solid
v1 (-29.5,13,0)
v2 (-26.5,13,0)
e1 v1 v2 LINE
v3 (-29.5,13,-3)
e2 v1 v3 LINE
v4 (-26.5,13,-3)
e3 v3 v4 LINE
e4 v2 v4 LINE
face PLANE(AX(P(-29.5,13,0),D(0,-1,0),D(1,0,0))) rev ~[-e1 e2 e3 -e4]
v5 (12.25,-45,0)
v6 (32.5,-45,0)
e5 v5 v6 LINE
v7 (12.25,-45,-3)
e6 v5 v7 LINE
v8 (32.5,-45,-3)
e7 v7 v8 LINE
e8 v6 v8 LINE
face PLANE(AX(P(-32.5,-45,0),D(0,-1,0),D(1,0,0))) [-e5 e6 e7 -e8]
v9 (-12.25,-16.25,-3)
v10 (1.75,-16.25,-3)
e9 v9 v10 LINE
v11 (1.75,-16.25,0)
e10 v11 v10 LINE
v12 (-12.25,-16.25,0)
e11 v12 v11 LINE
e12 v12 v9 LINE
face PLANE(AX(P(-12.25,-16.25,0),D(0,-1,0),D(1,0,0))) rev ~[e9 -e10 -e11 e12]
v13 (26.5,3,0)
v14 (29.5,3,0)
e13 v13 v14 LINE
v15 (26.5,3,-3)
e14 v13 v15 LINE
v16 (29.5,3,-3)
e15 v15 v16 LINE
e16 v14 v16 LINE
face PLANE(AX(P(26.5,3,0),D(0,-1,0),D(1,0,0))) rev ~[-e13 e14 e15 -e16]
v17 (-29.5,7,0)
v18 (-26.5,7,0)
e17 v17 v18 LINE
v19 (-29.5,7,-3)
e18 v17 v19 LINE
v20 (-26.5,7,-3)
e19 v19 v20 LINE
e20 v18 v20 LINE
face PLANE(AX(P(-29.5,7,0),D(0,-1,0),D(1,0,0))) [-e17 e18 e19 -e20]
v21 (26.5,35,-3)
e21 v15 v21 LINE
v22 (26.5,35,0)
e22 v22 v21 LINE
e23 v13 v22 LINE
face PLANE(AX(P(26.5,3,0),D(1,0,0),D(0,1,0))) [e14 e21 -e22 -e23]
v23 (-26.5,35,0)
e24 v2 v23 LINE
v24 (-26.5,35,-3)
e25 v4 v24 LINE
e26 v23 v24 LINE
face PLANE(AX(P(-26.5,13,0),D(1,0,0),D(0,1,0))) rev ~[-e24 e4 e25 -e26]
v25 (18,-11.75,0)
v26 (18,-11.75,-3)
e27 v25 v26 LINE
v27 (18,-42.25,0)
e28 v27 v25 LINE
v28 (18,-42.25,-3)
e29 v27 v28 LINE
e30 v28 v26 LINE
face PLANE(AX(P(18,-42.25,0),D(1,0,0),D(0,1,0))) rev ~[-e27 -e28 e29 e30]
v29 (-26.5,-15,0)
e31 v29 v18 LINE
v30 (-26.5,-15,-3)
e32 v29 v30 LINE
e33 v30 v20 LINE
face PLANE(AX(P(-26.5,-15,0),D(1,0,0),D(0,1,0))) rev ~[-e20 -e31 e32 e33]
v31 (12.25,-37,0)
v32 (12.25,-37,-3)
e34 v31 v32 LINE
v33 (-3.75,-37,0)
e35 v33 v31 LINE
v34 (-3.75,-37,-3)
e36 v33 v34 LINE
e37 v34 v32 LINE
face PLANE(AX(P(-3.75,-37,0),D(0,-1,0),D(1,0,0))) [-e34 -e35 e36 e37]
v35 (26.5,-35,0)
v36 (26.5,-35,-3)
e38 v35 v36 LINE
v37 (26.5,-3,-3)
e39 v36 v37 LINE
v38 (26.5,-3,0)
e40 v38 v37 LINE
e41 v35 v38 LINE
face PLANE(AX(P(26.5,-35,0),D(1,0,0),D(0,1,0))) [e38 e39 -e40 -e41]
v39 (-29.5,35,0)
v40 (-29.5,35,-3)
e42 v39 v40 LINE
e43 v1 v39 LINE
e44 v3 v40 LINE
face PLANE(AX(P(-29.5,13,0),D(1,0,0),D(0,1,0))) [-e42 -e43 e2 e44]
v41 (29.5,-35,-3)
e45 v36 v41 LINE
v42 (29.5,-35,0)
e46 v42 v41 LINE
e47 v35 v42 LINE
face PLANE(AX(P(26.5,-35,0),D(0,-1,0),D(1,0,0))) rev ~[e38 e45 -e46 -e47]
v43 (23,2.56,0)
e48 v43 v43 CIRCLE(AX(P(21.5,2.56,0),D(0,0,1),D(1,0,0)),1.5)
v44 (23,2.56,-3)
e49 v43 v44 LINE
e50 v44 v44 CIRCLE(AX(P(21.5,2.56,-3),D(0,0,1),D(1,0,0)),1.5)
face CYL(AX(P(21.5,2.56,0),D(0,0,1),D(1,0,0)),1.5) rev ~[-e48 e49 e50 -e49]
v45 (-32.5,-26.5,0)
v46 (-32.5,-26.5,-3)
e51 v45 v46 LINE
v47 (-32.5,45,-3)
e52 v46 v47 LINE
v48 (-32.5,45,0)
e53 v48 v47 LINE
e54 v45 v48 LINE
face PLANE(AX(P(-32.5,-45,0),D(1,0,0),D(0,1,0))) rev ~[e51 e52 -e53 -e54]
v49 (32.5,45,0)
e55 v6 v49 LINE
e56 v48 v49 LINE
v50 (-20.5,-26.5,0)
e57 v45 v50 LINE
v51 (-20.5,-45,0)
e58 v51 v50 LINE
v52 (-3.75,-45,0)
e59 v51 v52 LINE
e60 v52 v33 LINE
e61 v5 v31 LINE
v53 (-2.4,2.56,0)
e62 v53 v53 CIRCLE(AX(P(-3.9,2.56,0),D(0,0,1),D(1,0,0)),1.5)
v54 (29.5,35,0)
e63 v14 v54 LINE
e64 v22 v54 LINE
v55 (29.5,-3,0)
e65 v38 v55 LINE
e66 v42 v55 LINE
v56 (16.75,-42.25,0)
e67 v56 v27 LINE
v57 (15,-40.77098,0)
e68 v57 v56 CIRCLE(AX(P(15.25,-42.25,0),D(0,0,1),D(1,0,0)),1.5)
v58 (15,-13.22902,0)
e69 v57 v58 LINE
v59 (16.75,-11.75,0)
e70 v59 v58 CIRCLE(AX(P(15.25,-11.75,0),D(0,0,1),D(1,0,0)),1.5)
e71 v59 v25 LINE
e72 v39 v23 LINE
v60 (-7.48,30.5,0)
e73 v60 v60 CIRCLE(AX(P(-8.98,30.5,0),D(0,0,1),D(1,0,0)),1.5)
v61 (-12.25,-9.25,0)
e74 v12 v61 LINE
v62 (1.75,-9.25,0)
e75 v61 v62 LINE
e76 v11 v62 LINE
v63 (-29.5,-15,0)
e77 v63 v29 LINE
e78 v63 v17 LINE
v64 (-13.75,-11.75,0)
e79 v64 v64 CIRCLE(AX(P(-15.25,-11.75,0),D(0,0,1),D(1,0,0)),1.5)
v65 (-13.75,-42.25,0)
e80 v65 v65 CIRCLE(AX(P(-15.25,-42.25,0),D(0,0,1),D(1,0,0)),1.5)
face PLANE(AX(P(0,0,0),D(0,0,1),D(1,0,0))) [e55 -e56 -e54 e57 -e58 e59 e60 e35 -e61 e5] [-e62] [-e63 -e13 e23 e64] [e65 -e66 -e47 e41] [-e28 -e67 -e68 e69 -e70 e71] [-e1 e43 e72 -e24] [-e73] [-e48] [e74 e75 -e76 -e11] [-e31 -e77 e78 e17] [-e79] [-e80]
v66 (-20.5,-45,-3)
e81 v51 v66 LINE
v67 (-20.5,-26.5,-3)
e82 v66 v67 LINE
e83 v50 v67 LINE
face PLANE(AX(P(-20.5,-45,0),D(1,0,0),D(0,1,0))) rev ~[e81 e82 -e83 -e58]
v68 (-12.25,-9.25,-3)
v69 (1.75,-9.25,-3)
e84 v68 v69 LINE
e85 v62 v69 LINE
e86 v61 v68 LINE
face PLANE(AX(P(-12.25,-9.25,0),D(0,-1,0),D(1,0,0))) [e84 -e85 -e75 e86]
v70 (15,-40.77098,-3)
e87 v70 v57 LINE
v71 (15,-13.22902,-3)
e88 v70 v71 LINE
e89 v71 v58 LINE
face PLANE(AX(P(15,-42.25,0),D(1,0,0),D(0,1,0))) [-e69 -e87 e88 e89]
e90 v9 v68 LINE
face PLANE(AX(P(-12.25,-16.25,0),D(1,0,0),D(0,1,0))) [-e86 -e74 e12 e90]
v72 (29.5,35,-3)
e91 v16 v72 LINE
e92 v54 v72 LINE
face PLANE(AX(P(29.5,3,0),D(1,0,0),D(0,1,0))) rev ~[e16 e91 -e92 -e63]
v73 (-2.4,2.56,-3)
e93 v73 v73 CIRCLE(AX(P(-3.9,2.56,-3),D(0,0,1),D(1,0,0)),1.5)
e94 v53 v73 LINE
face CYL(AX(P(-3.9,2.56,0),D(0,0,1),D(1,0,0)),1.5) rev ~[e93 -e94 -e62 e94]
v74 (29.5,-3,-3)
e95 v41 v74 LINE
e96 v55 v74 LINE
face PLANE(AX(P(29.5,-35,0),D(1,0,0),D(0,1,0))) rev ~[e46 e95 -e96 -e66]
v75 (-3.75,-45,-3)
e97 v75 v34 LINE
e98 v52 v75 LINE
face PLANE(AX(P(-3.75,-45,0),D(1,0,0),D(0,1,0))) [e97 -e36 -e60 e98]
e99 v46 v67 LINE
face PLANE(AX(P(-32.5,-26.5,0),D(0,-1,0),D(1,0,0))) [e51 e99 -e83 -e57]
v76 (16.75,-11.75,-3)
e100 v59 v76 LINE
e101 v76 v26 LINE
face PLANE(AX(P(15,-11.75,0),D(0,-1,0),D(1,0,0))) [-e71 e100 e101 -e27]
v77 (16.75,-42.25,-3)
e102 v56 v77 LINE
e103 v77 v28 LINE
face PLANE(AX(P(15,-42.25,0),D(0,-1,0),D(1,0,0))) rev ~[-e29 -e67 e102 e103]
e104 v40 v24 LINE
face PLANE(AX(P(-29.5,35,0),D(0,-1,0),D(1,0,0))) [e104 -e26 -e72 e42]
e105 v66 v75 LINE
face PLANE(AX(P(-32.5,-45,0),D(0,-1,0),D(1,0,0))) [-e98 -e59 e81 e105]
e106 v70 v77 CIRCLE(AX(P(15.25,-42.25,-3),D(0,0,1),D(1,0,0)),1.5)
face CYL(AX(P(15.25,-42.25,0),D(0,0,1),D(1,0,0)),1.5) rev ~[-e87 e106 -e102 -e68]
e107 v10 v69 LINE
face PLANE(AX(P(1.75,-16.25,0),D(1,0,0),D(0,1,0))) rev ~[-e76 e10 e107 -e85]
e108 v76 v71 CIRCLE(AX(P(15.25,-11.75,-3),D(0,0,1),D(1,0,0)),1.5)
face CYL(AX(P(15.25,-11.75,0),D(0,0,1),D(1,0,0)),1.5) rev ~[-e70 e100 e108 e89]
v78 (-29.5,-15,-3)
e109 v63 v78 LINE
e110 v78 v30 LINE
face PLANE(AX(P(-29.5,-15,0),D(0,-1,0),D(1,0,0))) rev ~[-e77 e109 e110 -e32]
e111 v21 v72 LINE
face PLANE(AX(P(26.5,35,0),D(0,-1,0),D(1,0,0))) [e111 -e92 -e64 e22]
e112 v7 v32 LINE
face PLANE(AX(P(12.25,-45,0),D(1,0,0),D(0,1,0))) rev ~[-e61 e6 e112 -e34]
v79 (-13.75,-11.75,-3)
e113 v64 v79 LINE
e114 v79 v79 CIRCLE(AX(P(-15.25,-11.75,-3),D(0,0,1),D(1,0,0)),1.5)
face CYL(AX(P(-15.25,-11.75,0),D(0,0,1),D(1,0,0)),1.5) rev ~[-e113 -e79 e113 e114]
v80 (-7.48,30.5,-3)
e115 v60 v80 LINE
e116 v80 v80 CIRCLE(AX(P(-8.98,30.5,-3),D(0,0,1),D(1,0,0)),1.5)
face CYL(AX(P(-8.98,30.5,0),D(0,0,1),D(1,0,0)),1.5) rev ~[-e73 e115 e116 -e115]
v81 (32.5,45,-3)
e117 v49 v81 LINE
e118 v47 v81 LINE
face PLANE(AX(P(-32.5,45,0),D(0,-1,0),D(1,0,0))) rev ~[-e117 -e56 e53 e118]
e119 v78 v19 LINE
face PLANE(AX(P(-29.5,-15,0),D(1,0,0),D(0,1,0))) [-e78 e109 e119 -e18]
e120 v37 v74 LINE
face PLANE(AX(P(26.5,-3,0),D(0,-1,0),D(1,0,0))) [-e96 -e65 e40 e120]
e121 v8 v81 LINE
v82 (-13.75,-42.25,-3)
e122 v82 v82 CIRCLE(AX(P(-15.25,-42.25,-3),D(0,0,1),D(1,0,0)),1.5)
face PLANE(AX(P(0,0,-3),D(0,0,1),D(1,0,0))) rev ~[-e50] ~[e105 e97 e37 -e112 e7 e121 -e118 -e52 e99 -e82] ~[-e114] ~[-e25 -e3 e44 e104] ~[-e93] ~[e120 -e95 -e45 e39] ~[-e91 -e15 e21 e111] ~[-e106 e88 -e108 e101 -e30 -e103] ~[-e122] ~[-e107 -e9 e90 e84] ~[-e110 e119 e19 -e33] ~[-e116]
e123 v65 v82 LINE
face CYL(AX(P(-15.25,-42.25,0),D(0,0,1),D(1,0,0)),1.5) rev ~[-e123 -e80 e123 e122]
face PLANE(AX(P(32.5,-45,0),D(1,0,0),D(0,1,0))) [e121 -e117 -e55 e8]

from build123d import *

# Parameters (mm, degrees)
SKETCH1_W           = 65
SKETCH1_H           = 90
BOSS_EXTRUDE1_DEPTH = 3
SKETCH3_R           = 1.5
CUT_EXTRUDE2_DEPTH  = 3
SKETCH4_R           = 1.5
CUT_EXTRUDE3_DEPTH  = 4
SKETCH5_W           = 3
SKETCH5_H           = 32
CUT_EXTRUDE4_DEPTH  = 4
SKETCH6_W           = 3
SKETCH6_H           = 22
CUT_EXTRUDE5_DEPTH  = 4
SKETCH7_W           = 3
SKETCH7_H           = 30.5
SKETCH7_W_2         = 14
SKETCH7_H_2         = 7
SKETCH7_W_3         = 16
SKETCH7_H_3         = 8
CUT_EXTRUDE6_DEPTH  = 4
SKETCH8_W           = 12
SKETCH8_H           = 18.5
CUT_EXTRUDE7_DEPTH  = 4


with BuildPart() as part:
    # Sketch1 → Boss-Extrude1 (new body)
    with BuildSketch(Plane.XY):
        Rectangle(SKETCH1_W, SKETCH1_H)
    extrude(amount=-BOSS_EXTRUDE1_DEPTH)

    # Sketch3 → Cut-Extrude2 (cut)
    with BuildSketch(Plane.XY):
        with Locations((-8.98, 30.5)):
            Circle(SKETCH3_R)
        with Locations((-3.9, 2.56)):
            Circle(SKETCH3_R)
        with Locations((21.5, 2.56)):
            Circle(SKETCH3_R)
    extrude(amount=-CUT_EXTRUDE2_DEPTH, mode=Mode.SUBTRACT)

    # Sketch4 → Cut-Extrude3 (cut, through all)
    with BuildSketch(Plane.XY):
        with Locations((-15.25, -42.25)):
            Circle(SKETCH4_R)
        with Locations((-15.25, -11.75)):
            Circle(SKETCH4_R)
        with Locations((15.25, -42.25)):
            Circle(SKETCH4_R)
        with Locations((15.25, -11.75)):
            Circle(SKETCH4_R)
    extrude(amount=-CUT_EXTRUDE3_DEPTH, mode=Mode.SUBTRACT)

    # Sketch5 → Cut-Extrude4 (cut, through all)
    with BuildSketch(Plane.XY):
        with Locations((28, -19)):
            Rectangle(SKETCH5_W, SKETCH5_H)
        with Locations((28, 19)):
            Rectangle(SKETCH5_W, SKETCH5_H)
    extrude(amount=-CUT_EXTRUDE4_DEPTH, mode=Mode.SUBTRACT)

    # Sketch6 → Cut-Extrude5 (cut, through all)
    with BuildSketch(Plane.XY):
        with Locations((-28, -4)):
            Rectangle(SKETCH6_W, SKETCH6_H)
        with Locations((-28, 24)):
            Rectangle(SKETCH6_W, SKETCH6_H)
    extrude(amount=-CUT_EXTRUDE5_DEPTH, mode=Mode.SUBTRACT)

    # Sketch7 → Cut-Extrude6 (cut, through all)
    with BuildSketch(Plane.XY):
        with Locations((16.5, -27)):
            Rectangle(SKETCH7_W, SKETCH7_H)
        with Locations((-5.25, -12.75)):
            Rectangle(SKETCH7_W_2, SKETCH7_H_2)
        with Locations((4.25, -41)):
            Rectangle(SKETCH7_W_3, SKETCH7_H_3)
    extrude(amount=-CUT_EXTRUDE6_DEPTH, mode=Mode.SUBTRACT)

    # Sketch8 → Cut-Extrude7 (cut, through all)
    with BuildSketch(Plane.XY):
        with Locations((-26.5, -35.75)):
            Rectangle(SKETCH8_W, SKETCH8_H)
    extrude(amount=-CUT_EXTRUDE7_DEPTH, mode=Mode.SUBTRACT)


solid = part.part
